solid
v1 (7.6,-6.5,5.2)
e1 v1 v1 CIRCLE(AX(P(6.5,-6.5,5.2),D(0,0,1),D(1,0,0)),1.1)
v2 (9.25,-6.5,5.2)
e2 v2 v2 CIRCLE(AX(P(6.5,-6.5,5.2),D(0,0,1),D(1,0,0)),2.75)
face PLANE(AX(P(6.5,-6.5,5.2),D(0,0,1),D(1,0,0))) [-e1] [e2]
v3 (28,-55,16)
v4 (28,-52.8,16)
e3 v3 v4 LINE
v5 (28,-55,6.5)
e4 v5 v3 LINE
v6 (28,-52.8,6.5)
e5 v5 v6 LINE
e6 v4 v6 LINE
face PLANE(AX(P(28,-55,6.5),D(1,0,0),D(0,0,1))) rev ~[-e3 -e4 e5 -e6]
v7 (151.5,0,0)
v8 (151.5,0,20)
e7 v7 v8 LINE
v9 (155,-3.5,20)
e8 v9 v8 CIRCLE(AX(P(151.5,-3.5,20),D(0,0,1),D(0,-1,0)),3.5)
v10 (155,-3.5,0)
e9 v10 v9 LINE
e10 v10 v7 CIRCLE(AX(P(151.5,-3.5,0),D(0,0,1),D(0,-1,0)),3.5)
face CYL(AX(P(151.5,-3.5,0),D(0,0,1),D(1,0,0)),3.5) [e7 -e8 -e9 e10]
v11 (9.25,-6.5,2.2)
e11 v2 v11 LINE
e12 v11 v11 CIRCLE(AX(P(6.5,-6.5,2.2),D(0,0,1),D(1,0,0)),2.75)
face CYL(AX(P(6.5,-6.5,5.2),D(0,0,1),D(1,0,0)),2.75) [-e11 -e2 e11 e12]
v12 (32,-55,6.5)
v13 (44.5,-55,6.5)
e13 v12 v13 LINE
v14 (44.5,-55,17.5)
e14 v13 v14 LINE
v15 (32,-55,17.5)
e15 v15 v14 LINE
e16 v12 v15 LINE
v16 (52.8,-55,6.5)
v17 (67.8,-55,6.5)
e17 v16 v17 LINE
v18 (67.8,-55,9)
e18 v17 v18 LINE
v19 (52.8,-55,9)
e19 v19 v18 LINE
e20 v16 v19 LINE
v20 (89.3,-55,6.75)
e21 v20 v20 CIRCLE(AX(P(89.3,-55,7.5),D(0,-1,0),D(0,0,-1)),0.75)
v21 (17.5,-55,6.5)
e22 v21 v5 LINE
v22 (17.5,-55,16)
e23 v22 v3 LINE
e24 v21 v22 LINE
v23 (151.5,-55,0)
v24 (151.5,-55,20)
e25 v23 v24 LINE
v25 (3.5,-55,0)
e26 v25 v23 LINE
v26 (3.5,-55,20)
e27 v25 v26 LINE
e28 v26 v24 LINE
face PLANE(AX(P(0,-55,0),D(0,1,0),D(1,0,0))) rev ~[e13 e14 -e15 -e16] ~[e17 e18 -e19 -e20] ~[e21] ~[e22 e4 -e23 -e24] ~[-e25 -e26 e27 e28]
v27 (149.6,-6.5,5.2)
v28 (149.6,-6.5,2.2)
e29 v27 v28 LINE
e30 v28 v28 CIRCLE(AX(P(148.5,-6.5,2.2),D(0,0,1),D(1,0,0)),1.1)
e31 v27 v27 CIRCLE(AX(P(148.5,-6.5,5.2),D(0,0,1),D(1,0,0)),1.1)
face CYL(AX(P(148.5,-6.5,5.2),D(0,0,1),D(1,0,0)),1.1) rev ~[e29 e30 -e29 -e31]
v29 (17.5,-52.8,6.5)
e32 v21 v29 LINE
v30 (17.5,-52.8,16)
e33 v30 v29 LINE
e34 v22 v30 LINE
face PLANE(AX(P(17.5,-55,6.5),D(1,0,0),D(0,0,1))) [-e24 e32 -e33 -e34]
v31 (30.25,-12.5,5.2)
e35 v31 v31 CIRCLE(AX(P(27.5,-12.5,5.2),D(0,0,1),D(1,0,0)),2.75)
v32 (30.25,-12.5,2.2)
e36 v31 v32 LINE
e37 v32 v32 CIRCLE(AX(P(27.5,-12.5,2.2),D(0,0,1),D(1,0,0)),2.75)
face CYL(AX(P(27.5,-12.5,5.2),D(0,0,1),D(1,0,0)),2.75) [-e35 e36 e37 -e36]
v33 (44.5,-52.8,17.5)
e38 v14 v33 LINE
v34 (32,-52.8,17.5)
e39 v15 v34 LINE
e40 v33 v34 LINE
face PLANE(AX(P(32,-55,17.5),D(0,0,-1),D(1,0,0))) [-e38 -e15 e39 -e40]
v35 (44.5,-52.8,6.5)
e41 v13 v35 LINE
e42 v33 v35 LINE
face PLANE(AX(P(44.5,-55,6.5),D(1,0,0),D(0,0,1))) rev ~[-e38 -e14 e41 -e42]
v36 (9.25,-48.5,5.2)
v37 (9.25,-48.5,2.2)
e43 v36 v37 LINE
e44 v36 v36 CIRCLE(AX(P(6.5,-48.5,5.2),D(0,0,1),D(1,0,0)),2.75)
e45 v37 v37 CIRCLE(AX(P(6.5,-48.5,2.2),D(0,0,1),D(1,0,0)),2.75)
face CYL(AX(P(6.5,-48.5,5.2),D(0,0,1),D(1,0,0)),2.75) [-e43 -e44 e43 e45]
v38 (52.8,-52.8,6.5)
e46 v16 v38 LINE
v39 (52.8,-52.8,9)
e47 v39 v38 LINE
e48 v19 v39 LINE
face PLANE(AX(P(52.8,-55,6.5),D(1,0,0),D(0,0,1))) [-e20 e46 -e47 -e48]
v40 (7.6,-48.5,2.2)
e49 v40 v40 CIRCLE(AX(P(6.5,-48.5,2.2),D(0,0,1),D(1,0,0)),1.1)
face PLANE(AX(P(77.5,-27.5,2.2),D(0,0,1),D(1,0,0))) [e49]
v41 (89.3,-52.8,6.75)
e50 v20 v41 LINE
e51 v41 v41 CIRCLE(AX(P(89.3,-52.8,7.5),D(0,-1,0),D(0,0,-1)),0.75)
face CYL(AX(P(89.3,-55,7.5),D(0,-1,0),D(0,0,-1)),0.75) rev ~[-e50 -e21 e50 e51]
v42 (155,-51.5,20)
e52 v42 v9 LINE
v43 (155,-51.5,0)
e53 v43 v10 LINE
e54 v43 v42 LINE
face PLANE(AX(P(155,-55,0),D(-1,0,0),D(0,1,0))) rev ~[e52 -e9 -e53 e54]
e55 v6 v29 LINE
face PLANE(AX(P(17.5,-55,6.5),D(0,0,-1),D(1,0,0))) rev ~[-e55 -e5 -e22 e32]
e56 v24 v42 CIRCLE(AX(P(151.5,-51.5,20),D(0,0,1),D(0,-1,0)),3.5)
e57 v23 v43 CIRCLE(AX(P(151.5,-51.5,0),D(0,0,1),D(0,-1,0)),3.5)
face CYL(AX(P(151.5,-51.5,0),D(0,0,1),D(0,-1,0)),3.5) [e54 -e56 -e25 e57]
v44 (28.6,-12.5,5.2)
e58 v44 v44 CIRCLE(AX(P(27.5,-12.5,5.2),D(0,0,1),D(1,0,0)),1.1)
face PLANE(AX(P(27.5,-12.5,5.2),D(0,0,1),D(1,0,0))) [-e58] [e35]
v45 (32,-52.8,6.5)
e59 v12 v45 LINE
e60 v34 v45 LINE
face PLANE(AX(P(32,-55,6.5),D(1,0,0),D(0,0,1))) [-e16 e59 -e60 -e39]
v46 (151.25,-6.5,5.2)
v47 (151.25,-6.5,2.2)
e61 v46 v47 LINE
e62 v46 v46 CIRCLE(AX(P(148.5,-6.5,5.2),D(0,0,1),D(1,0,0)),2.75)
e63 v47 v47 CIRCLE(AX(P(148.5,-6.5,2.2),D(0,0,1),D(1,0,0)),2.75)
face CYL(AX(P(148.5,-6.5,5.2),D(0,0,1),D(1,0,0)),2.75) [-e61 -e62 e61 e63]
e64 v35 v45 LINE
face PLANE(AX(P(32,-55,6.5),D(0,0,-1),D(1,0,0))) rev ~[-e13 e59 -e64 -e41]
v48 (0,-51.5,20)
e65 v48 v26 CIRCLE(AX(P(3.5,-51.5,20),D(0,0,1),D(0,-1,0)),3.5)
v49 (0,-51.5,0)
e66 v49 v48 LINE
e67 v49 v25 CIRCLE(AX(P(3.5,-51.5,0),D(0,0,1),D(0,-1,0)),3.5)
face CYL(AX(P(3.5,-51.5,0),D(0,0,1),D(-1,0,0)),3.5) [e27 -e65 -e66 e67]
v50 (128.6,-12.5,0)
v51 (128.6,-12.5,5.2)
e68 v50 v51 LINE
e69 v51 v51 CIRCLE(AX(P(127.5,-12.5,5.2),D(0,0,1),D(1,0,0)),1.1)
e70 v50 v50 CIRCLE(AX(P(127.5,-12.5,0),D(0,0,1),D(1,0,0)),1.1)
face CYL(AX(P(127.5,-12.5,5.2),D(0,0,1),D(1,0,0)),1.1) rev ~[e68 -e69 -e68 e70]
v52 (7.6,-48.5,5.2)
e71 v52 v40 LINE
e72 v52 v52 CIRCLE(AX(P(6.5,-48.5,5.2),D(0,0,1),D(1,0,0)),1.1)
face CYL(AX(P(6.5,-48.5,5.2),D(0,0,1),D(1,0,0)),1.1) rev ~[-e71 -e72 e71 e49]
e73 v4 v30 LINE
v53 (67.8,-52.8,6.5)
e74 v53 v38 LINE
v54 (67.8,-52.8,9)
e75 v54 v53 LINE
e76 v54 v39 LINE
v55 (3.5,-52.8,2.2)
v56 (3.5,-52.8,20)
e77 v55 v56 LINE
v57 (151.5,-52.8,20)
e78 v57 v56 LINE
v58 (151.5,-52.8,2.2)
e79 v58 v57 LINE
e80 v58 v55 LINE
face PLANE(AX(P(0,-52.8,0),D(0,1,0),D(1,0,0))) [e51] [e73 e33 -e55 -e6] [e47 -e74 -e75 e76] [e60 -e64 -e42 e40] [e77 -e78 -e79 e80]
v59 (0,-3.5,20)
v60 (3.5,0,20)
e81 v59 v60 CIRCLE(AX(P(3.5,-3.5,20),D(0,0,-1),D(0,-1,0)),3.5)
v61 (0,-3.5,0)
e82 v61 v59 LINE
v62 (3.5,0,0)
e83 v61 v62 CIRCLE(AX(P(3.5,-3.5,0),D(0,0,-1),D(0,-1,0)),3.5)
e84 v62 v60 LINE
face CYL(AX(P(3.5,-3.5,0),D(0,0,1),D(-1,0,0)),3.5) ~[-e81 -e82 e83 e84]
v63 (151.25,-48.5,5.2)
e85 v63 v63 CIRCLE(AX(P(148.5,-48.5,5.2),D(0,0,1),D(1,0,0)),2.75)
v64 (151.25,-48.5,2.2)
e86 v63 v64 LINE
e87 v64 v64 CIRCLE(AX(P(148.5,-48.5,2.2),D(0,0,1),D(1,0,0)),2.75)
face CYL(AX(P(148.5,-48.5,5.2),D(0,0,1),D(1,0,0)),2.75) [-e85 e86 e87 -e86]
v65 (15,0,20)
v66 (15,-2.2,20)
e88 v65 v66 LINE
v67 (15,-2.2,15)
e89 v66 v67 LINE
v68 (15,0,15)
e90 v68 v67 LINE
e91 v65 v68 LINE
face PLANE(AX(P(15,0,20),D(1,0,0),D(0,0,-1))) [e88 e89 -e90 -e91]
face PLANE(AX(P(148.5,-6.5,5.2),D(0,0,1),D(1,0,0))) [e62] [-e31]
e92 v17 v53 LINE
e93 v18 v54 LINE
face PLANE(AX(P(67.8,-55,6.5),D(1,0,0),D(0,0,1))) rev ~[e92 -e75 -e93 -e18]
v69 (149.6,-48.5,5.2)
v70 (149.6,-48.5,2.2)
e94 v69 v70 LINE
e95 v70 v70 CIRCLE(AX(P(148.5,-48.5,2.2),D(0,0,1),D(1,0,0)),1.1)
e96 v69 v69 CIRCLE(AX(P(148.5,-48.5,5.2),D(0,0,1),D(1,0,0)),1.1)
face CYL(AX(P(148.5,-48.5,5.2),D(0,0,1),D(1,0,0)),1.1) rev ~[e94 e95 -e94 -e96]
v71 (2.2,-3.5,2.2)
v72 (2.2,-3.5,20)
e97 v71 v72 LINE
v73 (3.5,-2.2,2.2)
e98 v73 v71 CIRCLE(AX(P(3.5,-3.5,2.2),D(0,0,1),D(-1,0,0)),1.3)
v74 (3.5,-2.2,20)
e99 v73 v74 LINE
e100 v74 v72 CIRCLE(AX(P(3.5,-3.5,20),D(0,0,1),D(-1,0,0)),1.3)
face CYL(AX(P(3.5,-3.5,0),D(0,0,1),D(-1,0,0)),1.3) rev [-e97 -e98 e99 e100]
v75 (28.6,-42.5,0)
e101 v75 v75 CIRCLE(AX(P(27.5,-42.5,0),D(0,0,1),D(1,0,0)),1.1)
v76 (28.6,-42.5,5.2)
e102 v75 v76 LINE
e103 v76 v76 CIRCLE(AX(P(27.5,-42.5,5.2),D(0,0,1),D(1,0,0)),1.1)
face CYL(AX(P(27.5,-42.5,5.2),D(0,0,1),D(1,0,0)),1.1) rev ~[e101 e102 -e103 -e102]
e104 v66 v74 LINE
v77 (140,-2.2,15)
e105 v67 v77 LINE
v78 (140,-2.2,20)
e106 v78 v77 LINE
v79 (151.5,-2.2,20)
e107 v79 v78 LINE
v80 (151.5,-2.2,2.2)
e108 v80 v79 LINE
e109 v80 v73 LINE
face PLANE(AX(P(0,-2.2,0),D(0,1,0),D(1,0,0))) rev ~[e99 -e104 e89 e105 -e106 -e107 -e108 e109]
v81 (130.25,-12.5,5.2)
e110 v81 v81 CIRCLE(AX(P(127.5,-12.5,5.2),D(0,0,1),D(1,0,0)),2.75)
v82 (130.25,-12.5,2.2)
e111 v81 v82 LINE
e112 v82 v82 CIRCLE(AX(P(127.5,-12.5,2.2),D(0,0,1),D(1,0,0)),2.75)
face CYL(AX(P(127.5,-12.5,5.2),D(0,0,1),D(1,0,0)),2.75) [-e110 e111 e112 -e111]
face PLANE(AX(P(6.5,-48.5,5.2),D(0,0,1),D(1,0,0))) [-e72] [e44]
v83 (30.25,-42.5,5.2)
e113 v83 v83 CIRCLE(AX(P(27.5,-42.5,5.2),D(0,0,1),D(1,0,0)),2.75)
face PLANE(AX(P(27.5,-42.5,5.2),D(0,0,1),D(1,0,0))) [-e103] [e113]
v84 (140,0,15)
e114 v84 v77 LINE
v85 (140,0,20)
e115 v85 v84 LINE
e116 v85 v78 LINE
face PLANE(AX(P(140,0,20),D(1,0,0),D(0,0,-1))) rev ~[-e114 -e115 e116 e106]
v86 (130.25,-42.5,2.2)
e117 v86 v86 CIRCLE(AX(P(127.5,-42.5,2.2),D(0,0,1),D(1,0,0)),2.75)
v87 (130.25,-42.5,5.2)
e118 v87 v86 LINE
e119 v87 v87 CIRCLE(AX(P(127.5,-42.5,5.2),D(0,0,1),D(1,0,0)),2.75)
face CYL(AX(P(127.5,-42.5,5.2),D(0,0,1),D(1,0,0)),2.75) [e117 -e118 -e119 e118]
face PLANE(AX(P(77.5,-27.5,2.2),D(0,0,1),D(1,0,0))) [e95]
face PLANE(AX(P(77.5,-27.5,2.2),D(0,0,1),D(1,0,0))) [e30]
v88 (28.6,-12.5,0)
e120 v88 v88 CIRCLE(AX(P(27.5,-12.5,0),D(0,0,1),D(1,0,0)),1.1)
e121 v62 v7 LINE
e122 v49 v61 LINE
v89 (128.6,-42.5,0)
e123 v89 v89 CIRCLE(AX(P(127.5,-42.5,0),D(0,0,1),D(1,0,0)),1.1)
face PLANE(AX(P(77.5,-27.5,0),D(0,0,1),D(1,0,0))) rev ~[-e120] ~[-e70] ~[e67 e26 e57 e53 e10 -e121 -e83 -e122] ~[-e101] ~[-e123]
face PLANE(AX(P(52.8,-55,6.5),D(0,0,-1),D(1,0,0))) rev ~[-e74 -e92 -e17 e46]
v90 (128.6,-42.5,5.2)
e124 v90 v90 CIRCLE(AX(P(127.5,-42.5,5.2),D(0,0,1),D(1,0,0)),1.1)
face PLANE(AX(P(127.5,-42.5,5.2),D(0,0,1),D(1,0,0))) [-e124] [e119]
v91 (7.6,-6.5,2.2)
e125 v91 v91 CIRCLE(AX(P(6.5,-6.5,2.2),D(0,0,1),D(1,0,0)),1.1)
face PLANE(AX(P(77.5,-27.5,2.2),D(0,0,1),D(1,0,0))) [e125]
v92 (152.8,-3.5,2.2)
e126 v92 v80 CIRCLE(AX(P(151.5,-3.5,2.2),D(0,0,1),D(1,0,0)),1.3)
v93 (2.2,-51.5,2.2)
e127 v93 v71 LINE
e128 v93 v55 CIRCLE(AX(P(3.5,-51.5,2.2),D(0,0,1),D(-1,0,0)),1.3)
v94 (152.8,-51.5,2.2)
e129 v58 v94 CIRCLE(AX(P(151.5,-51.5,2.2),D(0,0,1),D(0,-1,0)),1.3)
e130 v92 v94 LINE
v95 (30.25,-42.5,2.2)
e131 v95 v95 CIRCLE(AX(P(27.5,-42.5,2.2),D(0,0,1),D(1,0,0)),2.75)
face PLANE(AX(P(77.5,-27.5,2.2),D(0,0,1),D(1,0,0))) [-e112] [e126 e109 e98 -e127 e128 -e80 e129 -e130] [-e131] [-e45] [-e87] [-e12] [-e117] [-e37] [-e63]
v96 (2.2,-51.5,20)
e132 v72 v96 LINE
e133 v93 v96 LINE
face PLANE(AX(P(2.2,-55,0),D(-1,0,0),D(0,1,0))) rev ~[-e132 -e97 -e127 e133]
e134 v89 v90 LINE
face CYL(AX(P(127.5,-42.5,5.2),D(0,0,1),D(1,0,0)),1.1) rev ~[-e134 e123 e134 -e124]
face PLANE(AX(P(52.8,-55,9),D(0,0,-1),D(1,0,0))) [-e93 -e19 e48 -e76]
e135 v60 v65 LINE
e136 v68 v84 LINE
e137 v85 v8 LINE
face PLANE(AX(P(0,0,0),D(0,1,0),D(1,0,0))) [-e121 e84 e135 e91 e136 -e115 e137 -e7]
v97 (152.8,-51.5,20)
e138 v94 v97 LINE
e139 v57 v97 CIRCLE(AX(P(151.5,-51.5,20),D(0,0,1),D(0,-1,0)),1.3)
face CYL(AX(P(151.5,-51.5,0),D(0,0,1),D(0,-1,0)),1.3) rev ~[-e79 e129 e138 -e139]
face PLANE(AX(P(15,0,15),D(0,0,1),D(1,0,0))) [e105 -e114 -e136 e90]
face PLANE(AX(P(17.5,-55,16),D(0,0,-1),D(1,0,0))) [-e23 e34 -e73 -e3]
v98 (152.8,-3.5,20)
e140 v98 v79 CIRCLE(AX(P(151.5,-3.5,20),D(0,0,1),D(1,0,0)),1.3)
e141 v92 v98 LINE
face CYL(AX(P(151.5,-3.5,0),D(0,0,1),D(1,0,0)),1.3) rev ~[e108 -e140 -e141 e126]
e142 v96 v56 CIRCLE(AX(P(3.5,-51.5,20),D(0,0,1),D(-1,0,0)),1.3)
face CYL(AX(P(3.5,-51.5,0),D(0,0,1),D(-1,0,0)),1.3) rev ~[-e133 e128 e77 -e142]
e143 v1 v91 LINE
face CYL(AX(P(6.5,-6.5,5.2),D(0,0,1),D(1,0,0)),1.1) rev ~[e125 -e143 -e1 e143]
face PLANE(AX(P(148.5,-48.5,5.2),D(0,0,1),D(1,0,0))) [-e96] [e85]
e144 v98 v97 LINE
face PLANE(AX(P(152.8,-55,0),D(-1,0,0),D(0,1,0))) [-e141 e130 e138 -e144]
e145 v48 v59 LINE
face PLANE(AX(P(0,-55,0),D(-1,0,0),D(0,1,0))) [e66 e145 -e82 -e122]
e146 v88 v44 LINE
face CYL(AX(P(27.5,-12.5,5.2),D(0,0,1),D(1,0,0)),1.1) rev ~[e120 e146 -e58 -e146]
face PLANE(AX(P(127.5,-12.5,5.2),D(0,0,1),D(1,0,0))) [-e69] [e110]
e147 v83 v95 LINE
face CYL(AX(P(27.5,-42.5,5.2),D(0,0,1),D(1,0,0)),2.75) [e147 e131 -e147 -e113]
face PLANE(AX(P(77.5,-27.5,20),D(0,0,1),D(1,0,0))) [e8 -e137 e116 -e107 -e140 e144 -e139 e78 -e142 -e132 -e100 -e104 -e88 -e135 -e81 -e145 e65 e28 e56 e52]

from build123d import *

# Parameters (mm, degrees)
SKETCH_1_W          = 155
SKETCH_1_H          = 55
EXTRUDE_1_DEPTH     = 20
FILLET_1_R          = 3.5
SHELL_1_T           = -2.2
SKETCH_2_R          = 1.1
CUT_EXTRUDE_1_DEPTH = 10
EXTRUDE_START       = 3
SKETCH_3_R          = 2.75
SKETCH_3_R_2        = 1.1
EXTRUDE_2_DEPTH     = 3
SKETCH_4_R          = 0.75
SKETCH_4_W          = 10.5
SKETCH_4_H          = 9.5
SKETCH_4_W_2        = 12.5
SKETCH_4_H_2        = 11
SKETCH_4_W_3        = 15
SKETCH_4_H_3        = 2.5
CUT_EXTRUDE_2_DEPTH = 3
SKETCH_5_W          = 125
SKETCH_5_H          = 5
CUT_EXTRUDE_3_DEPTH = 3


with BuildPart() as part:
    # 草图1 → 凸台-拉伸1 (new body)
    with BuildSketch(Plane.XY):
        with Locations((77.5, -27.5)):
            Rectangle(SKETCH_1_W, SKETCH_1_H)
    extrude(amount=EXTRUDE_1_DEPTH)

    # 圆角1
    fillet_1_edges = [part.edges().sort_by_distance(p)[0] for p in [
        (0, 0, 10),
        (155, 0, 10),
        (155, -55, 10),
        (0, -55, 10),
    ]]
    fillet(fillet_1_edges, radius=FILLET_1_R)

    # 抽壳1
    shell_1_openings = [part.faces().sort_by_distance(p)[0] for p in [
        (77.5, -27.5, 20),
    ]]
    offset(amount=SHELL_1_T, openings=shell_1_openings, kind=Kind.INTERSECTION)

    # 草图2 → 切除-拉伸1 (cut)
    with BuildSketch(Plane.XY.offset(2.2)):
        with Locations((27.5, -12.5)):
            Circle(SKETCH_2_R)
        with Locations((127.5, -12.5)):
            Circle(SKETCH_2_R)
        with Locations((127.5, -42.5)):
            Circle(SKETCH_2_R)
        with Locations((27.5, -42.5)):
            Circle(SKETCH_2_R)
    extrude(amount=-CUT_EXTRUDE_1_DEPTH, mode=Mode.SUBTRACT)

    # 草图3 → 凸台-拉伸2 (add)
    # profile 1 of 8: a face of its own
    with BuildSketch(Plane.XY.offset(2.2).offset(EXTRUDE_START)):
        with Locations((27.5, -12.5)):
            Circle(SKETCH_3_R)
        with Locations((27.5, -12.5)):
            Circle(SKETCH_3_R_2, mode=Mode.SUBTRACT)
    # profile 2 of 8: a face of its own
    with BuildSketch(Plane.XY.offset(2.2).offset(EXTRUDE_START)):
        with Locations((127.5, -12.5)):
            Circle(SKETCH_3_R)
        with Locations((127.5, -12.5)):
            Circle(SKETCH_3_R_2, mode=Mode.SUBTRACT)
    # profile 3 of 8: a face of its own
    with BuildSketch(Plane.XY.offset(2.2).offset(EXTRUDE_START)):
        with Locations((127.5, -42.5)):
            Circle(SKETCH_3_R)
        with Locations((127.5, -42.5)):
            Circle(SKETCH_3_R_2, mode=Mode.SUBTRACT)
    # profile 4 of 8: a face of its own
    with BuildSketch(Plane.XY.offset(2.2).offset(EXTRUDE_START)):
        with Locations((27.5, -42.5)):
            Circle(SKETCH_3_R)
        with Locations((27.5, -42.5)):
            Circle(SKETCH_3_R_2, mode=Mode.SUBTRACT)
    # profile 5 of 8: a face of its own
    with BuildSketch(Plane.XY.offset(2.2).offset(EXTRUDE_START)):
        with Locations((6.5, -6.5)):
            Circle(SKETCH_3_R)
        with Locations((6.5, -6.5)):
            Circle(SKETCH_3_R_2, mode=Mode.SUBTRACT)
    # profile 6 of 8: a face of its own
    with BuildSketch(Plane.XY.offset(2.2).offset(EXTRUDE_START)):
        with Locations((148.5, -6.5)):
            Circle(SKETCH_3_R)
        with Locations((148.5, -6.5)):
            Circle(SKETCH_3_R_2, mode=Mode.SUBTRACT)
    # profile 7 of 8: a face of its own
    with BuildSketch(Plane.XY.offset(2.2).offset(EXTRUDE_START)):
        with Locations((148.5, -48.5)):
            Circle(SKETCH_3_R)
        with Locations((148.5, -48.5)):
            Circle(SKETCH_3_R_2, mode=Mode.SUBTRACT)
    # profile 8 of 8: a face of its own
    with BuildSketch(Plane.XY.offset(2.2).offset(EXTRUDE_START)):
        with Locations((6.5, -48.5)):
            Circle(SKETCH_3_R)
        with Locations((6.5, -48.5)):
            Circle(SKETCH_3_R_2, mode=Mode.SUBTRACT)
    extrude(amount=-EXTRUDE_2_DEPTH)

    # 草图4 → 切除-拉伸2 (cut)
    with BuildSketch(Plane.XZ.offset(55)):
        with Locations(Location((89.3, 7.5, 0), (0, 0, 270))):
            Circle(SKETCH_4_R)
        with Locations((22.75, 11.25)):
            Rectangle(SKETCH_4_W, SKETCH_4_H)
        with Locations((38.25, 12)):
            Rectangle(SKETCH_4_W_2, SKETCH_4_H_2)
        with Locations((60.3, 7.75)):
            Rectangle(SKETCH_4_W_3, SKETCH_4_H_3)
    extrude(amount=-CUT_EXTRUDE_2_DEPTH, mode=Mode.SUBTRACT)

    # 草图5 → 切除-拉伸3 (cut)
    with BuildSketch(Plane(origin=(0, 0, 0), x_dir=(1, 0, 0), z_dir=(0, 1, 0))):
        with Locations((77.5, -17.5)):
            Rectangle(SKETCH_5_W, SKETCH_5_H)
    extrude(amount=-CUT_EXTRUDE_3_DEPTH, mode=Mode.SUBTRACT)


solid = part.part
